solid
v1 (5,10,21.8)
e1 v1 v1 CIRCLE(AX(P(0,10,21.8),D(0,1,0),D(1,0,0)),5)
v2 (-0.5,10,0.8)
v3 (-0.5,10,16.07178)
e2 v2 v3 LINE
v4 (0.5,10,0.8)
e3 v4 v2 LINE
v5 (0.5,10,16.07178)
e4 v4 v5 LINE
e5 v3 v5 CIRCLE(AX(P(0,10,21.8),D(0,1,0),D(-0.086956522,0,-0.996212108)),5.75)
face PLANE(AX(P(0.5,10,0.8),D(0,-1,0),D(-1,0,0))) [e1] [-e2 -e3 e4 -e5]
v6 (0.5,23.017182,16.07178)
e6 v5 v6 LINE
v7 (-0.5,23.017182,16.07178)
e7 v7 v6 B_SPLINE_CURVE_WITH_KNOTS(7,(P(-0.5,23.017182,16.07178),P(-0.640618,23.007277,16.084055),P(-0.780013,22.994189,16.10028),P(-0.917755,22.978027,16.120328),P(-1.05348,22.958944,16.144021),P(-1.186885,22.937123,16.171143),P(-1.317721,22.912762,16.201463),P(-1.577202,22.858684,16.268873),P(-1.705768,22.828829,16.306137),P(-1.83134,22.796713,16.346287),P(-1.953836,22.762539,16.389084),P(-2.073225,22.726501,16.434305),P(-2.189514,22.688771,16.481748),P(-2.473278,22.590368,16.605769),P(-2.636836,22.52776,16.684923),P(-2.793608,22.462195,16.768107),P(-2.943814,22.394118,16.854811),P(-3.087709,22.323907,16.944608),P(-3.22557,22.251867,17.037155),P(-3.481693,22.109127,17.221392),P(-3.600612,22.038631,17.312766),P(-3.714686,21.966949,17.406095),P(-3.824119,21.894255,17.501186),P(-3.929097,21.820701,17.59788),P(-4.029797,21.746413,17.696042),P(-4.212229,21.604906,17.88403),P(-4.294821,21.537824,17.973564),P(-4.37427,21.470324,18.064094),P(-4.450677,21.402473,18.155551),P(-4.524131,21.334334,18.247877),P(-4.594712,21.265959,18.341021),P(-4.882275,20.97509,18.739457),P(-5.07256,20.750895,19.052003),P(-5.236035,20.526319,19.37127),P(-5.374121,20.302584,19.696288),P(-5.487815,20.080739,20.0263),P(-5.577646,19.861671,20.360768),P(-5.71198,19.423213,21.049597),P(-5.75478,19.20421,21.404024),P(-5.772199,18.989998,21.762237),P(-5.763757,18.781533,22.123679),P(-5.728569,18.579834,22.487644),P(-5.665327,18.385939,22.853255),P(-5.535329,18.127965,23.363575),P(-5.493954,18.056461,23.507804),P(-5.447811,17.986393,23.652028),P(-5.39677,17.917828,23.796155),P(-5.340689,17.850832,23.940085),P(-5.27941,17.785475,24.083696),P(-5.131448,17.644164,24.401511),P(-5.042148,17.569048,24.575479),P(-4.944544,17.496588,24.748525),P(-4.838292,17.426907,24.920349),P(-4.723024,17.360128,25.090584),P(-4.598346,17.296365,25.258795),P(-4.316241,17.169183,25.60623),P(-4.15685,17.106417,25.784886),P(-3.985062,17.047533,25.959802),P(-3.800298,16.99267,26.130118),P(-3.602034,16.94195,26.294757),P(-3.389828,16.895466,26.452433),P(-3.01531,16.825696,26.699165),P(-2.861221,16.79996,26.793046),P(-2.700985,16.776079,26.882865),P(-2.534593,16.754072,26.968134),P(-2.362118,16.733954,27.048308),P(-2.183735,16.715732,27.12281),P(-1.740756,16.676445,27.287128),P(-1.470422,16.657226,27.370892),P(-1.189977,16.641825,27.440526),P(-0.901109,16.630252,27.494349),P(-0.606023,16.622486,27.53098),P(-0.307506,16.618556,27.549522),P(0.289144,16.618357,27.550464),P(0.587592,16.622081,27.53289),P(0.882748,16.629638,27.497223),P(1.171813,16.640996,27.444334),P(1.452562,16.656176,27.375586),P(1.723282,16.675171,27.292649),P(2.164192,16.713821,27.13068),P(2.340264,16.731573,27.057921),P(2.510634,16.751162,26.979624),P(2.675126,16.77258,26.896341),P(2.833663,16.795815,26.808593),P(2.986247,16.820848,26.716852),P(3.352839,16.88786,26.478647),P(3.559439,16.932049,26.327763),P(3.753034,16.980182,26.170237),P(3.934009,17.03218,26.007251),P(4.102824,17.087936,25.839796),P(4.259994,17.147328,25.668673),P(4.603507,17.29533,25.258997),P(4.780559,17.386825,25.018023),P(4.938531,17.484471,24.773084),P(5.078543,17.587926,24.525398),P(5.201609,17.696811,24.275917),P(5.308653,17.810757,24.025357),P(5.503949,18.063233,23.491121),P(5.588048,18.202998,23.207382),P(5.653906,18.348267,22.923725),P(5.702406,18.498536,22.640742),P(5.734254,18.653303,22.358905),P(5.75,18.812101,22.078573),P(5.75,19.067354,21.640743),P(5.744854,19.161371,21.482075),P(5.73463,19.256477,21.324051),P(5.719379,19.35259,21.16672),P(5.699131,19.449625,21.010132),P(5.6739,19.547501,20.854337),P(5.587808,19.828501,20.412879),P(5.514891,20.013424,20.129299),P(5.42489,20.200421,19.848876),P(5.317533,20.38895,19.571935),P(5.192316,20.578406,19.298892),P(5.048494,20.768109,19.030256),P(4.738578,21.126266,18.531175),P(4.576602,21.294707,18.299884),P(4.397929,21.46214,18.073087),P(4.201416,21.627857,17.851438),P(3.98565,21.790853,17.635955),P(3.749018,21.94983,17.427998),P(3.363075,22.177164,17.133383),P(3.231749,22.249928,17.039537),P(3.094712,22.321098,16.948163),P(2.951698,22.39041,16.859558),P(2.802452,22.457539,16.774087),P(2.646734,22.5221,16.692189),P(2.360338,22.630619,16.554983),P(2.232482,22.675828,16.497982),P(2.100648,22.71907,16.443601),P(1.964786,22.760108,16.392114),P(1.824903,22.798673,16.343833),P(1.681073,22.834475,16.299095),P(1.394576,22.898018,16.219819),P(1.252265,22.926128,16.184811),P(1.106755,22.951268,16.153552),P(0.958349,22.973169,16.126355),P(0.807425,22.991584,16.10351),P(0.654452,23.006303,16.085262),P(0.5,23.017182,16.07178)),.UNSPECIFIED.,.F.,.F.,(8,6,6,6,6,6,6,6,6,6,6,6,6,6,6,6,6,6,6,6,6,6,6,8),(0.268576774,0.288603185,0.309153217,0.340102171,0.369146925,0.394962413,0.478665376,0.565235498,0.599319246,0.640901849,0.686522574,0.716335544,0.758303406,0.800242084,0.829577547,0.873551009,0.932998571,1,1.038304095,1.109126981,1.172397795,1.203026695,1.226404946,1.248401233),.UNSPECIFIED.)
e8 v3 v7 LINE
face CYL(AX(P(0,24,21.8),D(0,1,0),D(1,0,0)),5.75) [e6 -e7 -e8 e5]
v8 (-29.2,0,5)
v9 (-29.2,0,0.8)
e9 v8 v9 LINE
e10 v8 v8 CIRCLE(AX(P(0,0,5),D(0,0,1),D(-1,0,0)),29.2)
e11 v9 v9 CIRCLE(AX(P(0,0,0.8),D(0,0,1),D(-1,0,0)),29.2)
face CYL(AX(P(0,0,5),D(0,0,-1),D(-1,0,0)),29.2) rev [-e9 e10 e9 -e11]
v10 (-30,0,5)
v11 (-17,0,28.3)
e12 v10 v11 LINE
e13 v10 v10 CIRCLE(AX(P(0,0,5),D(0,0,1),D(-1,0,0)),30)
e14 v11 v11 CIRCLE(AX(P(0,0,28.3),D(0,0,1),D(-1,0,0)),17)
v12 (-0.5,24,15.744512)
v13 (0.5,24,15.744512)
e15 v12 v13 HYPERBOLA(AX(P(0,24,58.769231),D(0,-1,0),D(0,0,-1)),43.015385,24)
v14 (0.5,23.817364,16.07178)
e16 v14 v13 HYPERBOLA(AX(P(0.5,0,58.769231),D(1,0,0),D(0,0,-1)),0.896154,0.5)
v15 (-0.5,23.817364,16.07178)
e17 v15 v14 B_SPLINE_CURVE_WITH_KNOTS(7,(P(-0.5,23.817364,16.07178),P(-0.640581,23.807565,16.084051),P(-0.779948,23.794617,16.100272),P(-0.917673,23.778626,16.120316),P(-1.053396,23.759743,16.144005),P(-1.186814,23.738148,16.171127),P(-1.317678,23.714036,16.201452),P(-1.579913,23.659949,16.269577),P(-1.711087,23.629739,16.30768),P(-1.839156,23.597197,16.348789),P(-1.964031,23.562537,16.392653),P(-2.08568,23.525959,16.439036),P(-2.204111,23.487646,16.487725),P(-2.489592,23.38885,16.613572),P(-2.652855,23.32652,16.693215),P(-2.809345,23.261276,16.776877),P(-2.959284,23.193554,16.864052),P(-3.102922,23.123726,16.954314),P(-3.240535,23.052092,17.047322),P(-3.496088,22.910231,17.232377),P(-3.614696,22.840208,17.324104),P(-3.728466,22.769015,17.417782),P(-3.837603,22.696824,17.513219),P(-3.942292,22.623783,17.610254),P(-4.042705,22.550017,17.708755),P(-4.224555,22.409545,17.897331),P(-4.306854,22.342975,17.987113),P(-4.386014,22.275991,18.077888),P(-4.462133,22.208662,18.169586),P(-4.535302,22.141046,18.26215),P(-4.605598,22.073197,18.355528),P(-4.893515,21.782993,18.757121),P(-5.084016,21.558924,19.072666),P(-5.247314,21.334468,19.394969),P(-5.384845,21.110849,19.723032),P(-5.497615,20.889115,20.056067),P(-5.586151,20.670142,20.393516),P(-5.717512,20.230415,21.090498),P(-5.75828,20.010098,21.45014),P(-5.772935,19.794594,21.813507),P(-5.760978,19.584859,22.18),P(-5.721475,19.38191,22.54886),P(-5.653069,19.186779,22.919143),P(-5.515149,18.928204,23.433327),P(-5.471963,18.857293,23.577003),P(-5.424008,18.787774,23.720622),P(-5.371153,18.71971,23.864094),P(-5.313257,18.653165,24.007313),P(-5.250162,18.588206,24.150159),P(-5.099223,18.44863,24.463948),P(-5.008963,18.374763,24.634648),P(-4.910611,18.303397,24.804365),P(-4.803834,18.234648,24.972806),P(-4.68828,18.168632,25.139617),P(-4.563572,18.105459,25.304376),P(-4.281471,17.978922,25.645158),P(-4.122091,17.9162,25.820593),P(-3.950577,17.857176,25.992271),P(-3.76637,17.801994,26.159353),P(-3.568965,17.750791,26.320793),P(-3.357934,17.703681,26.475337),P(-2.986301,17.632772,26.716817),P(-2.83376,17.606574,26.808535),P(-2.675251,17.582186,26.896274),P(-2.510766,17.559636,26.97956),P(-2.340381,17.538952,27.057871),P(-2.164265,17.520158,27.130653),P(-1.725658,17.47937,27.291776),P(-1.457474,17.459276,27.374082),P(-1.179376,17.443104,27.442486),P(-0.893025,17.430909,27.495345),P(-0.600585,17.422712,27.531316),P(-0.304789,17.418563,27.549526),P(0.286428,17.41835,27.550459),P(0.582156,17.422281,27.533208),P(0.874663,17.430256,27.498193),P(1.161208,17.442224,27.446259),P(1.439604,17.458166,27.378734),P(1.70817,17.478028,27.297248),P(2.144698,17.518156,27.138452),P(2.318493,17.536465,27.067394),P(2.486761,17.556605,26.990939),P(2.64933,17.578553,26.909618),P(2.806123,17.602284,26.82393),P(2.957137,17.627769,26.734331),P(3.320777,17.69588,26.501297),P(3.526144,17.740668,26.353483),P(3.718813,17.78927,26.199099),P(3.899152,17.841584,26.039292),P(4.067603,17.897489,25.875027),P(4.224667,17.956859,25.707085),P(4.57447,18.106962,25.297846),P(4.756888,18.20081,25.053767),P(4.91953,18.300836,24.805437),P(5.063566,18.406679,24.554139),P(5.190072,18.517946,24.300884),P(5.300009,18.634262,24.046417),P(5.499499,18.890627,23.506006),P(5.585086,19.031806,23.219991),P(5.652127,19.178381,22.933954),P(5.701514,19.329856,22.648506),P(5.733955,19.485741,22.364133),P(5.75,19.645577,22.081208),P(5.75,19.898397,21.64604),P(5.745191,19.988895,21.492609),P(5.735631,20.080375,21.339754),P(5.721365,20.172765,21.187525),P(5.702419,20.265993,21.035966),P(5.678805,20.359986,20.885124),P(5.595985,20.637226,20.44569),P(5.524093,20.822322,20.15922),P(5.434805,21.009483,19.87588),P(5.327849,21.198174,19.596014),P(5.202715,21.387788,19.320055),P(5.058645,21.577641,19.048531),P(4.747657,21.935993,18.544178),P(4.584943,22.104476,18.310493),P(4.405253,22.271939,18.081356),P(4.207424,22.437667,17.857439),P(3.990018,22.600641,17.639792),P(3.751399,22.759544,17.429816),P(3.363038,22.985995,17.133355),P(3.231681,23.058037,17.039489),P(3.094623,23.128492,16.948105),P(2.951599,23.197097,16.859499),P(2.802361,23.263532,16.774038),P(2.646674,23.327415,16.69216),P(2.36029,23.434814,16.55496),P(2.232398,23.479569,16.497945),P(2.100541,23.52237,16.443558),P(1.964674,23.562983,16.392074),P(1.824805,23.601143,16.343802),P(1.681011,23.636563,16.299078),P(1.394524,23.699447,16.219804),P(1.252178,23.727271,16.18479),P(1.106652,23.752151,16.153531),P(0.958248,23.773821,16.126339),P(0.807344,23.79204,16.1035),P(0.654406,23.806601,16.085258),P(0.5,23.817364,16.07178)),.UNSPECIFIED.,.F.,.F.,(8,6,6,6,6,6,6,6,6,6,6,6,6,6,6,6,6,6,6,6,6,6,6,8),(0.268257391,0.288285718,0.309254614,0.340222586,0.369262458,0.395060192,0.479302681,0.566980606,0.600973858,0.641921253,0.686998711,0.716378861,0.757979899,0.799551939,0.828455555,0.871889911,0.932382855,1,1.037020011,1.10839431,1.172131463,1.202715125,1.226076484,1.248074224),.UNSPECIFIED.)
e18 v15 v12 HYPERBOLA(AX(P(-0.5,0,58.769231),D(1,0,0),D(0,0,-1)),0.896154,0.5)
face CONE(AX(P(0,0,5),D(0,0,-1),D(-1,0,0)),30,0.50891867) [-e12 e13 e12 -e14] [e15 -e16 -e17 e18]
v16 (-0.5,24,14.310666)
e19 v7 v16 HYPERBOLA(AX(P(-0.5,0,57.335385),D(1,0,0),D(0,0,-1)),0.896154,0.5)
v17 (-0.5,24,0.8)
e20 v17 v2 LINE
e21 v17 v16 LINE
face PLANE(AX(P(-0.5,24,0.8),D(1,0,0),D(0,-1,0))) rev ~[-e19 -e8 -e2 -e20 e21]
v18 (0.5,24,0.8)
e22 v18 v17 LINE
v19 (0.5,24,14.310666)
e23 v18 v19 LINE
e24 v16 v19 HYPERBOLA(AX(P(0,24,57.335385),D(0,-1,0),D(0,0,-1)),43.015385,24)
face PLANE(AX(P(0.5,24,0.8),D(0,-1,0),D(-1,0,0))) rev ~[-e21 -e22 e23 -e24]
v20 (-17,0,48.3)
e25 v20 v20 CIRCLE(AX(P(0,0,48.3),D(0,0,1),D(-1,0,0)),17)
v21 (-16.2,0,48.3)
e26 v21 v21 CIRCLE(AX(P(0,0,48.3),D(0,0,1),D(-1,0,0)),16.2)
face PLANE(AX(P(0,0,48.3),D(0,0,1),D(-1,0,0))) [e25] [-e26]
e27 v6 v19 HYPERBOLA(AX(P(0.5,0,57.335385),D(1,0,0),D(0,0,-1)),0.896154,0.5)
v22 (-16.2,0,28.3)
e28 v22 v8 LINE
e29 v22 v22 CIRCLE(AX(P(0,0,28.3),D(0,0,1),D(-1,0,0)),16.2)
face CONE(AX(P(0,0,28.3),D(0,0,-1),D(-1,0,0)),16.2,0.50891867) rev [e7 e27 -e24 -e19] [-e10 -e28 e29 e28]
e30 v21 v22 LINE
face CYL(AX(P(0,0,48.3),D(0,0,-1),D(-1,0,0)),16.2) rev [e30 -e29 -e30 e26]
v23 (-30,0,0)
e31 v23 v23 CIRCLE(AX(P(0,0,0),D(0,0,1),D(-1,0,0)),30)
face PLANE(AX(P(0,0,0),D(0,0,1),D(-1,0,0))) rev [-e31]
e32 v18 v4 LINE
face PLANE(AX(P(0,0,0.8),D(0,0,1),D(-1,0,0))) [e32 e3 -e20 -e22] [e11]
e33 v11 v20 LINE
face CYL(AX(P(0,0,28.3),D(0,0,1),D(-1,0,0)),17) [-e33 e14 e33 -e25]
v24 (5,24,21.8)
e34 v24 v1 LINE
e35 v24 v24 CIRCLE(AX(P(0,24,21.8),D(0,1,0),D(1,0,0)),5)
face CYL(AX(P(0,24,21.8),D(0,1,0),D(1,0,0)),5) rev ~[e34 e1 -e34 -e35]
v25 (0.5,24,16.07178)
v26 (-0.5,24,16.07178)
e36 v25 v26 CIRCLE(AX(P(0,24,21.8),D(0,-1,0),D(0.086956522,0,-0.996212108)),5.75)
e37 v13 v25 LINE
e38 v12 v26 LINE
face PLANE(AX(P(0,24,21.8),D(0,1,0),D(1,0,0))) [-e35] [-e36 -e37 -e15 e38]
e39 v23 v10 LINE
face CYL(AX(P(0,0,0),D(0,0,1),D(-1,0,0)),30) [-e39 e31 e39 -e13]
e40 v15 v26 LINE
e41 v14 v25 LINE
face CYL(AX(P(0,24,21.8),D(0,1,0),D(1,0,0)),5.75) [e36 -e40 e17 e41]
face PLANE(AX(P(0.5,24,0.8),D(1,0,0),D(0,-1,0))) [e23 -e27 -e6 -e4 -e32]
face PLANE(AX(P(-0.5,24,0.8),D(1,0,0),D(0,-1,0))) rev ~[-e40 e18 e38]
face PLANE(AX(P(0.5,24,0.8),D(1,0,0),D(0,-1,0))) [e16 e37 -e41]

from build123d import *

# Parameters (mm, degrees)
SKETCH012_W     = 1
SKETCH012_H     = 14
PAD004_DEPTH    = 21
SKETCH013_R     = 5.75
PAD005_DEPTH    = 14
SKETCH014_R     = 5
POCKET006_DEPTH = 14


with BuildPart() as part:
    # Sketch011 → Revolution (revolve)
    with BuildSketch(Plane.XZ):
        Polygon((0, 0), (-30, 0), (-30, 5), (-17, 28.3), (-17, 48.3), (-16.2, 48.3), (-16.2, 28.3), (-29.2, 5), (-29.2, 0.8), (0, 0.8), align=None)
    revolve(axis=Axis((0, 0, 0), (0, 0, 1)))

    # Sketch012 (on Face9 of Revolution) → Pad004 (new body)
    with BuildSketch(Plane(origin=(0, 0, 0.8), x_dir=(-1, 0, 0), z_dir=(0, 0, 1))):
        with Locations((0, -17)):
            Rectangle(SKETCH012_W, SKETCH012_H)
    extrude(amount=PAD004_DEPTH)

    # Sketch013 (on Face8 of Pad004) → Pad005 (join)
    with BuildSketch(Plane(origin=(0, 24, 0), x_dir=(1, 0, 0), z_dir=(0, 1, 0))):
        with Locations((0, -21.8)):
            Circle(SKETCH013_R)
    extrude(amount=-PAD005_DEPTH)

    # Sketch014 (on Face15 of Pad005) → Pocket006 (cut)
    with BuildSketch(Plane(origin=(0, 24, 0), x_dir=(1, 0, 0), z_dir=(0, 1, 0))):
        with Locations((0, -21.8)):
            Circle(SKETCH014_R)
    extrude(amount=-POCKET006_DEPTH, mode=Mode.SUBTRACT)


solid = part.part
